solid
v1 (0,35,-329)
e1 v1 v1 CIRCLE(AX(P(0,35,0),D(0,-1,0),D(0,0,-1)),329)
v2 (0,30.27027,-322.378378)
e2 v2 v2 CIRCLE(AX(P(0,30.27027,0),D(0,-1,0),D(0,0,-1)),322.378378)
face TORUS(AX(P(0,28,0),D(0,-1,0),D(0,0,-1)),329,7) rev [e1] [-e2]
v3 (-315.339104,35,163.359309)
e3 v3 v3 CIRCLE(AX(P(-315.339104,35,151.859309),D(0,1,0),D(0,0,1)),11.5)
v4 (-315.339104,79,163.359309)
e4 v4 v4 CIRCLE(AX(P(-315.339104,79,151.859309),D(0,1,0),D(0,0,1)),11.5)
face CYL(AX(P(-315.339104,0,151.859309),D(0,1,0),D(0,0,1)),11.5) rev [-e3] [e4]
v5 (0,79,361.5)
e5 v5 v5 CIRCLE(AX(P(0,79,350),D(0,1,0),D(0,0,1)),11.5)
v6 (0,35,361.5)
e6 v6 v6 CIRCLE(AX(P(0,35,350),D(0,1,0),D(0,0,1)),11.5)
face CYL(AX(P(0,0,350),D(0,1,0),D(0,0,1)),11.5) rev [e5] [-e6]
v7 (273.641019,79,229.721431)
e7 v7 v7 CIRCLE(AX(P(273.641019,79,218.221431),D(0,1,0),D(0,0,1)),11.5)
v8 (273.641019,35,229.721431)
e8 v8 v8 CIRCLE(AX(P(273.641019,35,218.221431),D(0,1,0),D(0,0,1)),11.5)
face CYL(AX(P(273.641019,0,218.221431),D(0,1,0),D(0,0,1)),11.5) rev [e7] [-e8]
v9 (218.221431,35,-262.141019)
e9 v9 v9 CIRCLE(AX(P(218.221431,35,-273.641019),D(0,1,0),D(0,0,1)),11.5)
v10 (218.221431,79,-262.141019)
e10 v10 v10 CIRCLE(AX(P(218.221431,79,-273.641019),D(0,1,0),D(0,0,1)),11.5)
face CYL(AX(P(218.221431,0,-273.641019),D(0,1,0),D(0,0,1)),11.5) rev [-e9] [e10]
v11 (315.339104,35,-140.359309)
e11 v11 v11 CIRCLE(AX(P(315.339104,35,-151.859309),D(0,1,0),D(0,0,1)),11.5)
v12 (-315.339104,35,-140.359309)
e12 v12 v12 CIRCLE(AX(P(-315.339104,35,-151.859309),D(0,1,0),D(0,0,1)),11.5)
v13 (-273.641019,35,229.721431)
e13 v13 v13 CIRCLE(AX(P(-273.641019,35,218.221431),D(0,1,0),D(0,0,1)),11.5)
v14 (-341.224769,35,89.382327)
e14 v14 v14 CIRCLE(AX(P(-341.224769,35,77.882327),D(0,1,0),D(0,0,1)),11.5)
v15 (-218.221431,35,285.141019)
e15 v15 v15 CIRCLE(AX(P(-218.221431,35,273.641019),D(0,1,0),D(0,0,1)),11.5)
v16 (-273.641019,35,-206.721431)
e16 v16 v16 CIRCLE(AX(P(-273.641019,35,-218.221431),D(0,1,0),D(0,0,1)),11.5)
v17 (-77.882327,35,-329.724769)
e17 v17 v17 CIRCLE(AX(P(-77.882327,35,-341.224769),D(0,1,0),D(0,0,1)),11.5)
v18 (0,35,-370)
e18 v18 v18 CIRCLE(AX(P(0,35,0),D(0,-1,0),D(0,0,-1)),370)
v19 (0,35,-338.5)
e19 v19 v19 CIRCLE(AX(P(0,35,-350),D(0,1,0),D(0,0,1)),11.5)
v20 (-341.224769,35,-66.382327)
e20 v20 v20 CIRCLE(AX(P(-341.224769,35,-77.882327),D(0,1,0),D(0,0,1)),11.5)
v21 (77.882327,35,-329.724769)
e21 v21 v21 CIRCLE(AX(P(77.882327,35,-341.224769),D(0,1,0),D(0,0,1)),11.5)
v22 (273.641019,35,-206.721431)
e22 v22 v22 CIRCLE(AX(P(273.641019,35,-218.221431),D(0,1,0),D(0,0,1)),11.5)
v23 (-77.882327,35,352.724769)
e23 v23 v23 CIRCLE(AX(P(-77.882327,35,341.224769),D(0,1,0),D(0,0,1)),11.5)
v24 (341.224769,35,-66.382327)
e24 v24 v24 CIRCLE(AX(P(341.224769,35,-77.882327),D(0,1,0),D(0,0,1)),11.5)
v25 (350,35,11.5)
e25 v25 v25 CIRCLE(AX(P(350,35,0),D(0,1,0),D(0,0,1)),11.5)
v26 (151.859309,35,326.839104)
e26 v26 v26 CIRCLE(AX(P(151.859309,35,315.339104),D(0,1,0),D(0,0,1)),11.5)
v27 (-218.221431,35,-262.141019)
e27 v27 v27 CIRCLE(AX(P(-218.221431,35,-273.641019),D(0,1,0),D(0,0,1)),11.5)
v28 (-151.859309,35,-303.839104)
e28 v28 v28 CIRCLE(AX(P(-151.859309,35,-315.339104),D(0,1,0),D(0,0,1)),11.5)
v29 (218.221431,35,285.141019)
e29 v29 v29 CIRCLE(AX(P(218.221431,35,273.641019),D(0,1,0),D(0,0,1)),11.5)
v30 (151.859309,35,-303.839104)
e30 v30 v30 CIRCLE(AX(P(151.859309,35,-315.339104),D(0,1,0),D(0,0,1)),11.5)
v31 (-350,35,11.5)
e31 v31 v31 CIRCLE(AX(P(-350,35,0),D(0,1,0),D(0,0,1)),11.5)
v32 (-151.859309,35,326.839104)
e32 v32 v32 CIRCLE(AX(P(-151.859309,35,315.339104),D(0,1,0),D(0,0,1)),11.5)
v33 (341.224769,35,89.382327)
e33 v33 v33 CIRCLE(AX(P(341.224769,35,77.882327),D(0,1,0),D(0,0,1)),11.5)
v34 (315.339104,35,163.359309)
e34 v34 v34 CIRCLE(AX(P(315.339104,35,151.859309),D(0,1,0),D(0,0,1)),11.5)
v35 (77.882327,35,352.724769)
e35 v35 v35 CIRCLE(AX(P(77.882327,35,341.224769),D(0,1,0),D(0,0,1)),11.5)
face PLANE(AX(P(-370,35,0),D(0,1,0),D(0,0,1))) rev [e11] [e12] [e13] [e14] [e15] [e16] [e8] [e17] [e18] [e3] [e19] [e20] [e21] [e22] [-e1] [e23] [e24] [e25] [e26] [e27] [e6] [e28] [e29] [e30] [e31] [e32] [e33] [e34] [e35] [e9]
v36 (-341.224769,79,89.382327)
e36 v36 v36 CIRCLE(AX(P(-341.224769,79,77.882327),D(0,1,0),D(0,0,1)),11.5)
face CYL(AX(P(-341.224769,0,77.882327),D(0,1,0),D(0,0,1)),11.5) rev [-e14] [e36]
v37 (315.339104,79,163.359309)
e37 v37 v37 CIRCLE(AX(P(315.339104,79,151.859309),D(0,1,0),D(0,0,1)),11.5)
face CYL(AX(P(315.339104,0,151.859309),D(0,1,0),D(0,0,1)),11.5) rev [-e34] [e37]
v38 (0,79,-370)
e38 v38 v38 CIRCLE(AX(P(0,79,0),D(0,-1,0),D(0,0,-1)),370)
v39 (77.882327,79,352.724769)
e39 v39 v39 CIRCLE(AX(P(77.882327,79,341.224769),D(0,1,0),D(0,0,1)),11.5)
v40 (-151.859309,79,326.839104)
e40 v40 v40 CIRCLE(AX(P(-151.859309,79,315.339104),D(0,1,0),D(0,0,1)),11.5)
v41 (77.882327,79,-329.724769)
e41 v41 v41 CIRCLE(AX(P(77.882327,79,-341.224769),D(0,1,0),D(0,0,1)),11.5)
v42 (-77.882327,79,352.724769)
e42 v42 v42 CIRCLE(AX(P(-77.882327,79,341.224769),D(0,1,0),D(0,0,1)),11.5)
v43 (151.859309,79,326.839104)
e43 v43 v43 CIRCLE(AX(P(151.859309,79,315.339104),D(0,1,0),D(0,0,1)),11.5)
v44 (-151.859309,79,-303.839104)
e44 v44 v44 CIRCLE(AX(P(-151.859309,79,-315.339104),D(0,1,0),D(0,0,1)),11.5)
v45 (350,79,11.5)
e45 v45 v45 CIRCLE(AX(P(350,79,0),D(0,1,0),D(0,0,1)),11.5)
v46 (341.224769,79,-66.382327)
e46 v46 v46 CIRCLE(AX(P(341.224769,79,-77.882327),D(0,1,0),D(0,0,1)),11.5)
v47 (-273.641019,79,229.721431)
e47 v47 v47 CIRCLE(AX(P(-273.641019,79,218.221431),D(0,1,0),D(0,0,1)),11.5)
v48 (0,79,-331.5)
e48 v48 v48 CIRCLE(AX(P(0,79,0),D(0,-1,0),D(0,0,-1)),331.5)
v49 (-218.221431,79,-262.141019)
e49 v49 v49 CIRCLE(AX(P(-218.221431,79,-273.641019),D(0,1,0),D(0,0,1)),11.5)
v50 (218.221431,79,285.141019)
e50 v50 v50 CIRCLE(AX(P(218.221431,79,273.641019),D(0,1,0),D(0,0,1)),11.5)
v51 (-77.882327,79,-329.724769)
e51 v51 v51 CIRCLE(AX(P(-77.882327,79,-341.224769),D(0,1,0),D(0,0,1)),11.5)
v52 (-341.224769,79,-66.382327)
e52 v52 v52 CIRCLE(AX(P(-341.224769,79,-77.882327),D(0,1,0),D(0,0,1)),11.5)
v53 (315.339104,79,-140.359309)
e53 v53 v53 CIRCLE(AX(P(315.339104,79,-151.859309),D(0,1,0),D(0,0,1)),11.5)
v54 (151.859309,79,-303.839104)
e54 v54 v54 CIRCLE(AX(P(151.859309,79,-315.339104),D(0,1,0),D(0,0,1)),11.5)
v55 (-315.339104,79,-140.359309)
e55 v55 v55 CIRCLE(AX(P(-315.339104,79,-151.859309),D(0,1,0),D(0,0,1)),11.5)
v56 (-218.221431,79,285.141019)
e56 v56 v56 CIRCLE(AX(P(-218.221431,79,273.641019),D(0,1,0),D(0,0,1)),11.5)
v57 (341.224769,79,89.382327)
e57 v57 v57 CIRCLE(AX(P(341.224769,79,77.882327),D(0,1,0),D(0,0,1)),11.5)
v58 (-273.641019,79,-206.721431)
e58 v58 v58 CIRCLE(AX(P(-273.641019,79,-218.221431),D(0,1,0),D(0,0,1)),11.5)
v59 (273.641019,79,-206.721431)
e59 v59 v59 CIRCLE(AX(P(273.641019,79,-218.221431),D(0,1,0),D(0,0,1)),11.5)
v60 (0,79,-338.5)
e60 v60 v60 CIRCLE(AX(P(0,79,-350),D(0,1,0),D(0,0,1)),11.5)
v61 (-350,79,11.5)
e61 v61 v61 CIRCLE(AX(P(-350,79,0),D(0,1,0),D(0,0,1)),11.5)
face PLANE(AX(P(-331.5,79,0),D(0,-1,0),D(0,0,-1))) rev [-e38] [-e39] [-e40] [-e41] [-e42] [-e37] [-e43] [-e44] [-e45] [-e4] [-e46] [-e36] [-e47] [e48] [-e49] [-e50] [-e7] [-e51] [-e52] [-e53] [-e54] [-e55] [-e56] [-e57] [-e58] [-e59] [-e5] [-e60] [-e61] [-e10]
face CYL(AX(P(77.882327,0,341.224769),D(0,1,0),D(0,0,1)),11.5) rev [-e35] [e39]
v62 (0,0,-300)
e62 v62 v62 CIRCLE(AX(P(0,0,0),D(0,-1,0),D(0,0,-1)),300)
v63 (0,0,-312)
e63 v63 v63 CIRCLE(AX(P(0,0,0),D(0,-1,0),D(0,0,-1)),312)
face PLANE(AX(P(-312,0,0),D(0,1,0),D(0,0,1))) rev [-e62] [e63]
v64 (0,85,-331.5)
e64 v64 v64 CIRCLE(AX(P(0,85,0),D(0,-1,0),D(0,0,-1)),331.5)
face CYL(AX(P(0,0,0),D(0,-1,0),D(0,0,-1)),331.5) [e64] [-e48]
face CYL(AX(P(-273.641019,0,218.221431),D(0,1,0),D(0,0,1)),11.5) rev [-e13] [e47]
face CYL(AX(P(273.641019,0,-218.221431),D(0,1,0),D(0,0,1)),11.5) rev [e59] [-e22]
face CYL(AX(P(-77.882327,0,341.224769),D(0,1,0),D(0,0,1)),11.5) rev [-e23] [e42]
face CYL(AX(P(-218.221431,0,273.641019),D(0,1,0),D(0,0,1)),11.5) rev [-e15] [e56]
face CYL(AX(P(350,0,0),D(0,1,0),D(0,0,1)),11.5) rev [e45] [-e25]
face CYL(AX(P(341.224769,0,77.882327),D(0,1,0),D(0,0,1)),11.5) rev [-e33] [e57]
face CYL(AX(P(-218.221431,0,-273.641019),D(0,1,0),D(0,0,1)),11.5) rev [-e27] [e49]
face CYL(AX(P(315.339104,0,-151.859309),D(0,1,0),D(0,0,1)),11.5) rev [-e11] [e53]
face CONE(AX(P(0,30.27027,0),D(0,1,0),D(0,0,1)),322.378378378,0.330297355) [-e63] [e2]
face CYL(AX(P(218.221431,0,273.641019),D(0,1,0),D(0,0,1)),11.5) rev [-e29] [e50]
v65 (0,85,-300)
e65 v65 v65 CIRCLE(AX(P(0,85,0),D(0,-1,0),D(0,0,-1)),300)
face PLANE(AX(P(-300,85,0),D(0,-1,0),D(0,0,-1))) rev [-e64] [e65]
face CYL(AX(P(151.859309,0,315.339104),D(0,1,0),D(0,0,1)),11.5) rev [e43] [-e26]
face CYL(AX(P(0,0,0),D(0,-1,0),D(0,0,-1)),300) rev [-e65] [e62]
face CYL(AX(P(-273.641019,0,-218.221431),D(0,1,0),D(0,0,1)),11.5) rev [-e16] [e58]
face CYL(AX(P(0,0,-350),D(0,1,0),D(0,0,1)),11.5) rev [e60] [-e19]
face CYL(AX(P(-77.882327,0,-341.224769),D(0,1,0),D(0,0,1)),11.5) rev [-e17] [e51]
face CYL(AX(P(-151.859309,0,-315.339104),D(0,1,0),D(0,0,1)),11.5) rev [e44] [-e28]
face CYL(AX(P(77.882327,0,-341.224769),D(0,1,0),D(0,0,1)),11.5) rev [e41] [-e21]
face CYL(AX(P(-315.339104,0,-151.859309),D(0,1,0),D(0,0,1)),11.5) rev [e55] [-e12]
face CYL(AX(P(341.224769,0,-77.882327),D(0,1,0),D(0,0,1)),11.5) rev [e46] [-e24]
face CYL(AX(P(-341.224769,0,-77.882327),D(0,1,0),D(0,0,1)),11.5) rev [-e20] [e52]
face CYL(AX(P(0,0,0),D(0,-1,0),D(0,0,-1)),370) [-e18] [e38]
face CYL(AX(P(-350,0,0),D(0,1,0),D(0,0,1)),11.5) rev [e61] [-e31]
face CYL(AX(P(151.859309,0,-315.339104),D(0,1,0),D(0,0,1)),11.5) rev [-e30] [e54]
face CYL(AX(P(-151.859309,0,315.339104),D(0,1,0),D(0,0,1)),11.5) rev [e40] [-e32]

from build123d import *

# Parameters (mm, degrees)
SKETCH_2_R          = 11.5
CUT_EXTRUDE_1_DEPTH = 530.189002153
SKETCH1_R           = 300
CUT_EXTRUDE1_DEPTH  = 529.606659058


with BuildPart() as part:
    # Эскиз1 → Повернуть1 (revolve)
    with BuildSketch(Plane.XY):
        with BuildLine():
            Line((-300, 0), (-300, 35))
            Line((-300, 35), (0, 35))
            Line((0, 35), (0, 75))
            Line((0, 75), (-300, 75))
            Line((-300, 75), (-300, 85))
            Line((-300, 85), (-331.5, 85))
            Line((-331.5, 85), (-331.5, 79))
            Line((-331.5, 79), (-370, 79))
            Line((-370, 79), (-370, 35))
            Line((-370, 35), (-329, 35))
            ThreePointArc((-329, 35), (-324.931332644, 33.696134298), (-322.378378378, 30.27027027))
            Line((-322.378378378, 30.27027027), (-312, 0))
            Line((-312, 0), (-300, 0))
        make_face()
    revolve(axis=Axis((0, 0, 0), (0, 1, 0)))

    # Эскиз2 → Вырез-Вытянуть1 (cut, through all)
    with BuildSketch(Plane(origin=(0, 79, 0), x_dir=(1, 0, 0), z_dir=(0, 1, 0))):
        with Locations((0, 350)):
            Circle(SKETCH_2_R)
        with Locations((77.882326885, 341.224769264)):
            Circle(SKETCH_2_R)
        with Locations((151.859308691, 315.339103766)):
            Circle(SKETCH_2_R)
        with Locations((218.221430651, 273.641018864)):
            Circle(SKETCH_2_R)
        with Locations((273.641018864, 218.221430651)):
            Circle(SKETCH_2_R)
        with Locations((315.339103766, 151.859308691)):
            Circle(SKETCH_2_R)
        with Locations((341.224769264, 77.882326885)):
            Circle(SKETCH_2_R)
        with Locations((350, 0)):
            Circle(SKETCH_2_R)
        with Locations((341.224769264, -77.882326885)):
            Circle(SKETCH_2_R)
        with Locations((315.339103766, -151.859308691)):
            Circle(SKETCH_2_R)
        with Locations((273.641018864, -218.221430651)):
            Circle(SKETCH_2_R)
        with Locations((218.221430651, -273.641018864)):
            Circle(SKETCH_2_R)
        with Locations((151.859308691, -315.339103766)):
            Circle(SKETCH_2_R)
        with Locations((77.882326885, -341.224769264)):
            Circle(SKETCH_2_R)
        with Locations((0, -350)):
            Circle(SKETCH_2_R)
        with Locations((-77.882326885, -341.224769264)):
            Circle(SKETCH_2_R)
        with Locations((-151.859308691, -315.339103766)):
            Circle(SKETCH_2_R)
        with Locations((-218.221430651, -273.641018864)):
            Circle(SKETCH_2_R)
        with Locations((-273.641018864, -218.221430651)):
            Circle(SKETCH_2_R)
        with Locations((-315.339103766, -151.859308691)):
            Circle(SKETCH_2_R)
        with Locations((-341.224769264, -77.882326885)):
            Circle(SKETCH_2_R)
        with Locations((-350, 0)):
            Circle(SKETCH_2_R)
        with Locations((-341.224769264, 77.882326885)):
            Circle(SKETCH_2_R)
        with Locations((-315.339103766, 151.859308691)):
            Circle(SKETCH_2_R)
        with Locations((-273.641018864, 218.221430651)):
            Circle(SKETCH_2_R)
        with Locations((-218.221430651, 273.641018864)):
            Circle(SKETCH_2_R)
        with Locations((-151.859308691, 315.339103766)):
            Circle(SKETCH_2_R)
        with Locations((-77.882326885, 341.224769264)):
            Circle(SKETCH_2_R)
    extrude(amount=-CUT_EXTRUDE_1_DEPTH, mode=Mode.SUBTRACT)

    # Sketch1 → Cut-Extrude1 (cut, through all)
    with BuildSketch(Plane(origin=(0, 75, 0), x_dir=(1, 0, 0), z_dir=(0, 1, 0))):
        Circle(SKETCH1_R)
    extrude(amount=-CUT_EXTRUDE1_DEPTH, mode=Mode.SUBTRACT)


solid = part.part
